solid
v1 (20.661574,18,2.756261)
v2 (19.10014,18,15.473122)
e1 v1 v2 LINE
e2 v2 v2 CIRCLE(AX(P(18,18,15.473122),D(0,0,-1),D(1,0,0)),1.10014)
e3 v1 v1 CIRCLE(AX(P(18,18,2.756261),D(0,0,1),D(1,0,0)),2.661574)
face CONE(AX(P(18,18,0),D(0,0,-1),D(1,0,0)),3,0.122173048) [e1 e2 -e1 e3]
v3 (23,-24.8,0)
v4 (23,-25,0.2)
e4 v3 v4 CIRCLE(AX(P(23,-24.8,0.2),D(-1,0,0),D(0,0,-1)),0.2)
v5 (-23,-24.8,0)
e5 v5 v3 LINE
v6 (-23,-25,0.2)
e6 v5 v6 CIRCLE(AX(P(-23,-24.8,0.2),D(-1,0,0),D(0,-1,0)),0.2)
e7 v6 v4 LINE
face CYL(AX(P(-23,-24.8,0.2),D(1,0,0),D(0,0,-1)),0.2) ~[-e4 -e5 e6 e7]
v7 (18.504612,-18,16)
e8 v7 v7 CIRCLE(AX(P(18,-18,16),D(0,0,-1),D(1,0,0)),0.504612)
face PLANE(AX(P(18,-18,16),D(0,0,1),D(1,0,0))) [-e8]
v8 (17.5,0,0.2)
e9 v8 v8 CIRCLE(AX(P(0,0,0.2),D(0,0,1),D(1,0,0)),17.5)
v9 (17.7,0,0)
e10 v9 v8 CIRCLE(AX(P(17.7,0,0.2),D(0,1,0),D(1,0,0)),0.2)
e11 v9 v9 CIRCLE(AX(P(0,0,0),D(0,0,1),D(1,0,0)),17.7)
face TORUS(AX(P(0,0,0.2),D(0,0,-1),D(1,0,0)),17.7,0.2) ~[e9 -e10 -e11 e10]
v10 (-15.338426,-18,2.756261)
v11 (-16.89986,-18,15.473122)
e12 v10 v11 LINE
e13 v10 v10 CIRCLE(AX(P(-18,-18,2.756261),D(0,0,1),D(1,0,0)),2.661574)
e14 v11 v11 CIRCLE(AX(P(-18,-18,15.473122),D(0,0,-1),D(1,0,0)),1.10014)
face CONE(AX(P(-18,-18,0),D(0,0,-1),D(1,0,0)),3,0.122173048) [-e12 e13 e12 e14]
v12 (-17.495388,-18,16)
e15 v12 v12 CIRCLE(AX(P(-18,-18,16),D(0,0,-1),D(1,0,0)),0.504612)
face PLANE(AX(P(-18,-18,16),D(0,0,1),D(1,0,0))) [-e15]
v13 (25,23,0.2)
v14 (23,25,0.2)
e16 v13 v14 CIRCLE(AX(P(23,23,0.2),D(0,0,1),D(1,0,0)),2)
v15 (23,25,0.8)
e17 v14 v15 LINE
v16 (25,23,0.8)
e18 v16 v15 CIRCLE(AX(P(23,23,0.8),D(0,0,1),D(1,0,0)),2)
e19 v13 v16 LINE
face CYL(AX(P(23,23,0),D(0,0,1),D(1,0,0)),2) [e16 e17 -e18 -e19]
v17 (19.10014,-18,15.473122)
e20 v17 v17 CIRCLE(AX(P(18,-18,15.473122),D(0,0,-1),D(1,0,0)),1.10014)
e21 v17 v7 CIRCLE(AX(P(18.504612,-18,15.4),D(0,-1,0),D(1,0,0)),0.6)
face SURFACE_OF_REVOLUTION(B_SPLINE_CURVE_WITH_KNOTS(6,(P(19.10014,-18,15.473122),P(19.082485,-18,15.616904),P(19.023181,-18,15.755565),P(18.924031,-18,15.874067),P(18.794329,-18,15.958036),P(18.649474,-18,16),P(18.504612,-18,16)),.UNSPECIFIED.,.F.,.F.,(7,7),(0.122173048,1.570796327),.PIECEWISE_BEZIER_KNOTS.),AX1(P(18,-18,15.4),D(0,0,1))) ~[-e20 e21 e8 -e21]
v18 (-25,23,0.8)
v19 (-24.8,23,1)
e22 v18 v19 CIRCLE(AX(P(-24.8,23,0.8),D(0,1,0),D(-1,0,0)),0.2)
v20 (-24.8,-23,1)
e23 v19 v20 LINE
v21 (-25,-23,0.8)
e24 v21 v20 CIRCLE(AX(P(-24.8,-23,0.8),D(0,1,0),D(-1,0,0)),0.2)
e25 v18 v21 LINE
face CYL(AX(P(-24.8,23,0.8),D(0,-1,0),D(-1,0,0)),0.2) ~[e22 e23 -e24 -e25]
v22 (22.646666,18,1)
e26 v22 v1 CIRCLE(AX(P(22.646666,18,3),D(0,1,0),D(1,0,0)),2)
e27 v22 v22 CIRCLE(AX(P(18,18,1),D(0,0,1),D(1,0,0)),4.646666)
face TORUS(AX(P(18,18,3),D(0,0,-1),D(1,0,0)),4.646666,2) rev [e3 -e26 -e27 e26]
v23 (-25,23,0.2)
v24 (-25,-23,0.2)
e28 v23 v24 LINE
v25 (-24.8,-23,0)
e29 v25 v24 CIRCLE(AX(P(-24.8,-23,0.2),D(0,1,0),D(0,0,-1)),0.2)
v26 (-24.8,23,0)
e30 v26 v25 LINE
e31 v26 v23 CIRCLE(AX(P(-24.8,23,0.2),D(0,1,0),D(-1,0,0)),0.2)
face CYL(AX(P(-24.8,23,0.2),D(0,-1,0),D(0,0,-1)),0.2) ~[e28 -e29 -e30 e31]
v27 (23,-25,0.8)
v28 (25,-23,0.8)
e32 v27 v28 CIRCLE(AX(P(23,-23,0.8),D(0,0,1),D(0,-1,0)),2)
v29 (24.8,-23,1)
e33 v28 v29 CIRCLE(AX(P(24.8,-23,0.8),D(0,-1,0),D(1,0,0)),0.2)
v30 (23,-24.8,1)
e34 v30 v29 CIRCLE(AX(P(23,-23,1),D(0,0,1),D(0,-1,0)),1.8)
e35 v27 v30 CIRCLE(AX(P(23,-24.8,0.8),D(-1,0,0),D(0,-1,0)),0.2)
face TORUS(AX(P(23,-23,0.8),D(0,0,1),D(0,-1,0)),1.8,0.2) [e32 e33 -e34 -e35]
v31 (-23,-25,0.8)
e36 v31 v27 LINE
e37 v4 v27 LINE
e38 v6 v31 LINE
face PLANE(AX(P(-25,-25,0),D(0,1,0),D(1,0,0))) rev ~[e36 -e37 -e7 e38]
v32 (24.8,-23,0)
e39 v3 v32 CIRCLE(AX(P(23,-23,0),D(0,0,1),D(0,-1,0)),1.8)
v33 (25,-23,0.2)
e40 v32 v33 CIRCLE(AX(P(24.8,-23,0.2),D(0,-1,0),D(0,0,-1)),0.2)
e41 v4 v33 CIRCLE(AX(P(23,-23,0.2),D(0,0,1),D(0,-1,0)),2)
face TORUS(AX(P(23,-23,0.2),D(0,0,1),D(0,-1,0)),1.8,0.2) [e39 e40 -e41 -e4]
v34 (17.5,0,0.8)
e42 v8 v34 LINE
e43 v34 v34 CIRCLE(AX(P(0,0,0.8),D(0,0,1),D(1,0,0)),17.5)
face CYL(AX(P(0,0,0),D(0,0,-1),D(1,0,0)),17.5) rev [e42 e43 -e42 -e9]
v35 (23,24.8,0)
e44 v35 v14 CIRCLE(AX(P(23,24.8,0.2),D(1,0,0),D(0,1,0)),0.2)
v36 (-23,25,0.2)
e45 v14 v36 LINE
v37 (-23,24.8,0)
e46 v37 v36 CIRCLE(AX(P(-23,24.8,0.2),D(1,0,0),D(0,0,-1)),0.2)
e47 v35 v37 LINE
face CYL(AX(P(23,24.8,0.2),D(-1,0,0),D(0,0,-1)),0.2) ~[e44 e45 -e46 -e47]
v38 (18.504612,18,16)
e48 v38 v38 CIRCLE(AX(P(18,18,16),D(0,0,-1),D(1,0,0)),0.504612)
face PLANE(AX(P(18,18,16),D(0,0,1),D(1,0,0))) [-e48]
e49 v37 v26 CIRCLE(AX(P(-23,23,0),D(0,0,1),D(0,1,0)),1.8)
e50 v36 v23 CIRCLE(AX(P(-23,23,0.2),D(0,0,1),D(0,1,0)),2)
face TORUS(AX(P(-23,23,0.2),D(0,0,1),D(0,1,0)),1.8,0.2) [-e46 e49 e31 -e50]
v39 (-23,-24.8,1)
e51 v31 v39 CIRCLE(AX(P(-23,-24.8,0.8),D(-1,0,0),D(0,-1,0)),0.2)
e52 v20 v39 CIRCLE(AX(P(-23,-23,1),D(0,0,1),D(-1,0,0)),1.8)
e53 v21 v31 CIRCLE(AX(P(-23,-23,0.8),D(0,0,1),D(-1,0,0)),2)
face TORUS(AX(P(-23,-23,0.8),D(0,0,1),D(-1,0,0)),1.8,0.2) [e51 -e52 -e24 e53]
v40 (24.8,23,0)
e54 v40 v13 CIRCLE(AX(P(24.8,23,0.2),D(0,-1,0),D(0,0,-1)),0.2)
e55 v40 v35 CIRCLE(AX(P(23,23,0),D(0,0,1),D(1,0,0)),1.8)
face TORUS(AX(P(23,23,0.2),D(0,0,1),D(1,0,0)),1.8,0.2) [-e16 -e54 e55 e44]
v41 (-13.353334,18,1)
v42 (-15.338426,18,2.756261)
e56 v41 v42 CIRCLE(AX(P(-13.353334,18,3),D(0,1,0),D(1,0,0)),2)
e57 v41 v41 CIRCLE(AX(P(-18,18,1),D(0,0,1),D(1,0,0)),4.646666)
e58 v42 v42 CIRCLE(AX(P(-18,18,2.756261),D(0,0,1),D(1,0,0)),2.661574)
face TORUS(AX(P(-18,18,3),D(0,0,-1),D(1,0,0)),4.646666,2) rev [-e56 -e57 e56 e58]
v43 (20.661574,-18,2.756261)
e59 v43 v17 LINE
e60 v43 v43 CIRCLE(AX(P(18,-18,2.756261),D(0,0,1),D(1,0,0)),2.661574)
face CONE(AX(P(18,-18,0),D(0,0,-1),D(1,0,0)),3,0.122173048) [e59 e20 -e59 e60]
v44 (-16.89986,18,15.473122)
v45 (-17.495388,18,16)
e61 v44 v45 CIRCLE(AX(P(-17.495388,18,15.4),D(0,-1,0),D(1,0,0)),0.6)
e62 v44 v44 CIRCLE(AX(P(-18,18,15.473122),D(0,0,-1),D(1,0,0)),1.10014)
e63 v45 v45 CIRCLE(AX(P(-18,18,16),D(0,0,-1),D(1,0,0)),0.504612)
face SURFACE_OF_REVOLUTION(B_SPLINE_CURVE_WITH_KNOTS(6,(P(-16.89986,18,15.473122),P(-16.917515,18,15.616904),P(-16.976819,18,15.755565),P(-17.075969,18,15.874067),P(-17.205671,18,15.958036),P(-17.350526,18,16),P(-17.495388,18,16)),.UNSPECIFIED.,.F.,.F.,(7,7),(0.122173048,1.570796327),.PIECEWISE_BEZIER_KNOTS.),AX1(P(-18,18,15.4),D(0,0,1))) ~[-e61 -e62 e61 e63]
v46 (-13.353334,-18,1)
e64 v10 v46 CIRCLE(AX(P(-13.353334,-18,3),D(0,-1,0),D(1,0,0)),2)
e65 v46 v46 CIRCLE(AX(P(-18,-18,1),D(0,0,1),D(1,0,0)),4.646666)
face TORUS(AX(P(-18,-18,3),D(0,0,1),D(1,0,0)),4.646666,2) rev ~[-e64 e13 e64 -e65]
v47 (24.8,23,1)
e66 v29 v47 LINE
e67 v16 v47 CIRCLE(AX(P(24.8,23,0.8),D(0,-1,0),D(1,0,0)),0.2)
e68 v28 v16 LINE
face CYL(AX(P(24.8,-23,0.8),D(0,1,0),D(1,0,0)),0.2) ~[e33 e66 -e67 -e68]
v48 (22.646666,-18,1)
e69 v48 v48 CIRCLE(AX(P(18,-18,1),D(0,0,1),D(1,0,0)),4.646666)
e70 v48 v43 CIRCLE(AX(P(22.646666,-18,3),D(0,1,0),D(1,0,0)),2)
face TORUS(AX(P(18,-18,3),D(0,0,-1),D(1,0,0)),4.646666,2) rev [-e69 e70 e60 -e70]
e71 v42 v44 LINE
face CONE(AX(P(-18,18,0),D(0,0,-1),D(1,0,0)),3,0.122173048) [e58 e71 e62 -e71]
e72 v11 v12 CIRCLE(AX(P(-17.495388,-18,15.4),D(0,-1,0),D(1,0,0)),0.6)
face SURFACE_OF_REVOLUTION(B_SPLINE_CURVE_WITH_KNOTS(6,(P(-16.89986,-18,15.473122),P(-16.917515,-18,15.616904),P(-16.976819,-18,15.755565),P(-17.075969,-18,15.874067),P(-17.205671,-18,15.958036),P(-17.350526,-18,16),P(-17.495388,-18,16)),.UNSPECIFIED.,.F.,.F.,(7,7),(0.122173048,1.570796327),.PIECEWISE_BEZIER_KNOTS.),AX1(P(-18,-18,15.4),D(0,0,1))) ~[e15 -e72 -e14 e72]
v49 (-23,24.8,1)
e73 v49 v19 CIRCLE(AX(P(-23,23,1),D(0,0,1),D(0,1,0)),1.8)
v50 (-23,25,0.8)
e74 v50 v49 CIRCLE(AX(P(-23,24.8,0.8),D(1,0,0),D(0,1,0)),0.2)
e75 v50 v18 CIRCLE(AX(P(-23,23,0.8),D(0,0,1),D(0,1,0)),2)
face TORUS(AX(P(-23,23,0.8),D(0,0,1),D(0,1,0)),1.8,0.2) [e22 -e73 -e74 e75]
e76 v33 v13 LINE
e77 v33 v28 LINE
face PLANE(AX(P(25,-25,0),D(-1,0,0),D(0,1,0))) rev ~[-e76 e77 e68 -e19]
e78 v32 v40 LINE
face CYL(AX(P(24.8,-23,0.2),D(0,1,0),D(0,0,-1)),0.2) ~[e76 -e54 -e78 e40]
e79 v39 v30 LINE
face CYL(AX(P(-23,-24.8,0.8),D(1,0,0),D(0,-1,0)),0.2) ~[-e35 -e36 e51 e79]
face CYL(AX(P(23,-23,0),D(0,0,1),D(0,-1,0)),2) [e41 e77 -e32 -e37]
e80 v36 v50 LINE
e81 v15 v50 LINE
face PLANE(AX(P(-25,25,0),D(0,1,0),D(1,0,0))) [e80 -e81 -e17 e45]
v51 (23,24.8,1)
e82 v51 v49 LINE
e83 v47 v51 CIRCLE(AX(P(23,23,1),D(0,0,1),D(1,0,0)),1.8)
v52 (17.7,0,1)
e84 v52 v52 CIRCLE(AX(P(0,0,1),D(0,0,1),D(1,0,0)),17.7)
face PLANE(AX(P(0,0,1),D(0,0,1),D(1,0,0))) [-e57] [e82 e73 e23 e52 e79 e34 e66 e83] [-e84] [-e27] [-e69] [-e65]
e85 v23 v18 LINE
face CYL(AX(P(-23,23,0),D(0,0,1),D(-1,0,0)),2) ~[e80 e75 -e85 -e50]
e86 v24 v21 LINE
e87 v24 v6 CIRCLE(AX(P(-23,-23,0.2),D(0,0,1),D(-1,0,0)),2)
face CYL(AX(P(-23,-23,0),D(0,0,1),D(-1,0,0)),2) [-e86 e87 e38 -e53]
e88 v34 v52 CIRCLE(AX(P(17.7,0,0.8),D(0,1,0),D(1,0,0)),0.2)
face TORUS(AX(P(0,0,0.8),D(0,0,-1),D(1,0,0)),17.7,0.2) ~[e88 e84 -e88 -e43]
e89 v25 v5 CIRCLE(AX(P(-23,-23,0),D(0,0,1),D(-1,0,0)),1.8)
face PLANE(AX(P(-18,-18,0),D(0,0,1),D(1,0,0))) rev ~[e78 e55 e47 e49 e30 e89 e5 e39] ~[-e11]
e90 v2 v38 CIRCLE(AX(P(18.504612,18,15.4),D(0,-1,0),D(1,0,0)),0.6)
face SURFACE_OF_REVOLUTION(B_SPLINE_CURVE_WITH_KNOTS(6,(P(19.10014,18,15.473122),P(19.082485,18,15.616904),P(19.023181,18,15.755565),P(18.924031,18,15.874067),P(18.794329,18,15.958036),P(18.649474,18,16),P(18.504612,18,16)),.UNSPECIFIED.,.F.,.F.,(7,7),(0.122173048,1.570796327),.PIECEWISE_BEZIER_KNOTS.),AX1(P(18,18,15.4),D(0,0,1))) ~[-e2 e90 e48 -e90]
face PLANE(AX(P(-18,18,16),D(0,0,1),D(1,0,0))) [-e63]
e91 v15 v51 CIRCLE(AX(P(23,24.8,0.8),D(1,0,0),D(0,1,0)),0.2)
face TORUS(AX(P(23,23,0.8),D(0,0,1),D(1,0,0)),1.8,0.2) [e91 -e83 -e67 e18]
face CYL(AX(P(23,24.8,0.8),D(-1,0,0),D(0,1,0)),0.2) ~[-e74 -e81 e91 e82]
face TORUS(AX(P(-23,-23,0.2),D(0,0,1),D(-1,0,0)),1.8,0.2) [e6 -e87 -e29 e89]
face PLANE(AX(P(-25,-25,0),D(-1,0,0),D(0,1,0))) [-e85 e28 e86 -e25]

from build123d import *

# Parameters (mm, degrees)
F0_W     = 50
F0_H     = 50
F0_R     = 3
F0_R_2   = 17.5
F1_DEPTH = 1
F2_R     = 2
F3_DEPTH = 16
F3_TAPER = 7
F4_R     = 0.2
F5_R     = 0.6
F6_R     = 2


with BuildPart() as f1:
    # F0 (on Top) → F1 (new body)
    with BuildSketch(Plane.XY):
        Rectangle(F0_W, F0_H)
        with Locations((-18, -18)):
            Circle(F0_R, mode=Mode.SUBTRACT)
        with Locations((18, -18)):
            Circle(F0_R, mode=Mode.SUBTRACT)
        with Locations((-18, 18)):
            Circle(F0_R, mode=Mode.SUBTRACT)
        Circle(F0_R_2, mode=Mode.SUBTRACT)
        with Locations((18, 18)):
            Circle(F0_R, mode=Mode.SUBTRACT)
        with Locations((-18, 18)):
            Circle(F0_R)
        with Locations((-18, -18)):
            Circle(F0_R)
        with Locations((18, -18)):
            Circle(F0_R)
        with Locations((18, 18)):
            Circle(F0_R)
    extrude(amount=F1_DEPTH)

    # F2
    f2_edges = [f1.edges().sort_by_distance(p)[0] for p in [
        (-25, -25, 0.5),
        (25, -25, 0.5),
        (25, 25, 0.5),
        (-25, 25, 0.5),
    ]]
    fillet(f2_edges, radius=F2_R)

    # F0 (on Top) → F3 (join)
    with BuildSketch(Plane.XY):
        with Locations((-18, -18)):
            Circle(F0_R)
        with Locations((-18, 18)):
            Circle(F0_R)
        with Locations((18, 18)):
            Circle(F0_R)
        with Locations((18, -18)):
            Circle(F0_R)
    extrude(amount=F3_DEPTH, taper=F3_TAPER)

    # F4
    f4_edges = [f1.edges().sort_by_distance(p)[0] for p in [
        (25, 0, 0),
        (24.414214, 24.414214, 0),
        (0, 25, 0),
        (-24.414214, 24.414214, 0),
        (-25, 0, 0),
        (-24.414214, -24.414214, 0),
        (0, -25, 0),
        (24.414214, -24.414214, 0),
        (-17.5, 0, 0),
        (-17.5, 0, 1),
        (0, -25, 1),
    ]]
    fillet(f4_edges, radius=F4_R)

    # F5
    f5_edges = [f1.edges().sort_by_distance(p)[0] for p in [
        (-19.035447, 18, 16),
        (-19.035447, -18, 16),
        (16.964553, -18, 16),
        (16.964553, 18, 16),
    ]]
    fillet(f5_edges, radius=F5_R)

    # F6
    f6_edges = [f1.edges().sort_by_distance(p)[0] for p in [
        (-20.877215, 18, 1),
        (-20.877215, -18, 1),
        (15.122785, -18, 1),
        (15.122785, 18, 1),
    ]]
    fillet(f6_edges, radius=F6_R)


solid = f1.part
